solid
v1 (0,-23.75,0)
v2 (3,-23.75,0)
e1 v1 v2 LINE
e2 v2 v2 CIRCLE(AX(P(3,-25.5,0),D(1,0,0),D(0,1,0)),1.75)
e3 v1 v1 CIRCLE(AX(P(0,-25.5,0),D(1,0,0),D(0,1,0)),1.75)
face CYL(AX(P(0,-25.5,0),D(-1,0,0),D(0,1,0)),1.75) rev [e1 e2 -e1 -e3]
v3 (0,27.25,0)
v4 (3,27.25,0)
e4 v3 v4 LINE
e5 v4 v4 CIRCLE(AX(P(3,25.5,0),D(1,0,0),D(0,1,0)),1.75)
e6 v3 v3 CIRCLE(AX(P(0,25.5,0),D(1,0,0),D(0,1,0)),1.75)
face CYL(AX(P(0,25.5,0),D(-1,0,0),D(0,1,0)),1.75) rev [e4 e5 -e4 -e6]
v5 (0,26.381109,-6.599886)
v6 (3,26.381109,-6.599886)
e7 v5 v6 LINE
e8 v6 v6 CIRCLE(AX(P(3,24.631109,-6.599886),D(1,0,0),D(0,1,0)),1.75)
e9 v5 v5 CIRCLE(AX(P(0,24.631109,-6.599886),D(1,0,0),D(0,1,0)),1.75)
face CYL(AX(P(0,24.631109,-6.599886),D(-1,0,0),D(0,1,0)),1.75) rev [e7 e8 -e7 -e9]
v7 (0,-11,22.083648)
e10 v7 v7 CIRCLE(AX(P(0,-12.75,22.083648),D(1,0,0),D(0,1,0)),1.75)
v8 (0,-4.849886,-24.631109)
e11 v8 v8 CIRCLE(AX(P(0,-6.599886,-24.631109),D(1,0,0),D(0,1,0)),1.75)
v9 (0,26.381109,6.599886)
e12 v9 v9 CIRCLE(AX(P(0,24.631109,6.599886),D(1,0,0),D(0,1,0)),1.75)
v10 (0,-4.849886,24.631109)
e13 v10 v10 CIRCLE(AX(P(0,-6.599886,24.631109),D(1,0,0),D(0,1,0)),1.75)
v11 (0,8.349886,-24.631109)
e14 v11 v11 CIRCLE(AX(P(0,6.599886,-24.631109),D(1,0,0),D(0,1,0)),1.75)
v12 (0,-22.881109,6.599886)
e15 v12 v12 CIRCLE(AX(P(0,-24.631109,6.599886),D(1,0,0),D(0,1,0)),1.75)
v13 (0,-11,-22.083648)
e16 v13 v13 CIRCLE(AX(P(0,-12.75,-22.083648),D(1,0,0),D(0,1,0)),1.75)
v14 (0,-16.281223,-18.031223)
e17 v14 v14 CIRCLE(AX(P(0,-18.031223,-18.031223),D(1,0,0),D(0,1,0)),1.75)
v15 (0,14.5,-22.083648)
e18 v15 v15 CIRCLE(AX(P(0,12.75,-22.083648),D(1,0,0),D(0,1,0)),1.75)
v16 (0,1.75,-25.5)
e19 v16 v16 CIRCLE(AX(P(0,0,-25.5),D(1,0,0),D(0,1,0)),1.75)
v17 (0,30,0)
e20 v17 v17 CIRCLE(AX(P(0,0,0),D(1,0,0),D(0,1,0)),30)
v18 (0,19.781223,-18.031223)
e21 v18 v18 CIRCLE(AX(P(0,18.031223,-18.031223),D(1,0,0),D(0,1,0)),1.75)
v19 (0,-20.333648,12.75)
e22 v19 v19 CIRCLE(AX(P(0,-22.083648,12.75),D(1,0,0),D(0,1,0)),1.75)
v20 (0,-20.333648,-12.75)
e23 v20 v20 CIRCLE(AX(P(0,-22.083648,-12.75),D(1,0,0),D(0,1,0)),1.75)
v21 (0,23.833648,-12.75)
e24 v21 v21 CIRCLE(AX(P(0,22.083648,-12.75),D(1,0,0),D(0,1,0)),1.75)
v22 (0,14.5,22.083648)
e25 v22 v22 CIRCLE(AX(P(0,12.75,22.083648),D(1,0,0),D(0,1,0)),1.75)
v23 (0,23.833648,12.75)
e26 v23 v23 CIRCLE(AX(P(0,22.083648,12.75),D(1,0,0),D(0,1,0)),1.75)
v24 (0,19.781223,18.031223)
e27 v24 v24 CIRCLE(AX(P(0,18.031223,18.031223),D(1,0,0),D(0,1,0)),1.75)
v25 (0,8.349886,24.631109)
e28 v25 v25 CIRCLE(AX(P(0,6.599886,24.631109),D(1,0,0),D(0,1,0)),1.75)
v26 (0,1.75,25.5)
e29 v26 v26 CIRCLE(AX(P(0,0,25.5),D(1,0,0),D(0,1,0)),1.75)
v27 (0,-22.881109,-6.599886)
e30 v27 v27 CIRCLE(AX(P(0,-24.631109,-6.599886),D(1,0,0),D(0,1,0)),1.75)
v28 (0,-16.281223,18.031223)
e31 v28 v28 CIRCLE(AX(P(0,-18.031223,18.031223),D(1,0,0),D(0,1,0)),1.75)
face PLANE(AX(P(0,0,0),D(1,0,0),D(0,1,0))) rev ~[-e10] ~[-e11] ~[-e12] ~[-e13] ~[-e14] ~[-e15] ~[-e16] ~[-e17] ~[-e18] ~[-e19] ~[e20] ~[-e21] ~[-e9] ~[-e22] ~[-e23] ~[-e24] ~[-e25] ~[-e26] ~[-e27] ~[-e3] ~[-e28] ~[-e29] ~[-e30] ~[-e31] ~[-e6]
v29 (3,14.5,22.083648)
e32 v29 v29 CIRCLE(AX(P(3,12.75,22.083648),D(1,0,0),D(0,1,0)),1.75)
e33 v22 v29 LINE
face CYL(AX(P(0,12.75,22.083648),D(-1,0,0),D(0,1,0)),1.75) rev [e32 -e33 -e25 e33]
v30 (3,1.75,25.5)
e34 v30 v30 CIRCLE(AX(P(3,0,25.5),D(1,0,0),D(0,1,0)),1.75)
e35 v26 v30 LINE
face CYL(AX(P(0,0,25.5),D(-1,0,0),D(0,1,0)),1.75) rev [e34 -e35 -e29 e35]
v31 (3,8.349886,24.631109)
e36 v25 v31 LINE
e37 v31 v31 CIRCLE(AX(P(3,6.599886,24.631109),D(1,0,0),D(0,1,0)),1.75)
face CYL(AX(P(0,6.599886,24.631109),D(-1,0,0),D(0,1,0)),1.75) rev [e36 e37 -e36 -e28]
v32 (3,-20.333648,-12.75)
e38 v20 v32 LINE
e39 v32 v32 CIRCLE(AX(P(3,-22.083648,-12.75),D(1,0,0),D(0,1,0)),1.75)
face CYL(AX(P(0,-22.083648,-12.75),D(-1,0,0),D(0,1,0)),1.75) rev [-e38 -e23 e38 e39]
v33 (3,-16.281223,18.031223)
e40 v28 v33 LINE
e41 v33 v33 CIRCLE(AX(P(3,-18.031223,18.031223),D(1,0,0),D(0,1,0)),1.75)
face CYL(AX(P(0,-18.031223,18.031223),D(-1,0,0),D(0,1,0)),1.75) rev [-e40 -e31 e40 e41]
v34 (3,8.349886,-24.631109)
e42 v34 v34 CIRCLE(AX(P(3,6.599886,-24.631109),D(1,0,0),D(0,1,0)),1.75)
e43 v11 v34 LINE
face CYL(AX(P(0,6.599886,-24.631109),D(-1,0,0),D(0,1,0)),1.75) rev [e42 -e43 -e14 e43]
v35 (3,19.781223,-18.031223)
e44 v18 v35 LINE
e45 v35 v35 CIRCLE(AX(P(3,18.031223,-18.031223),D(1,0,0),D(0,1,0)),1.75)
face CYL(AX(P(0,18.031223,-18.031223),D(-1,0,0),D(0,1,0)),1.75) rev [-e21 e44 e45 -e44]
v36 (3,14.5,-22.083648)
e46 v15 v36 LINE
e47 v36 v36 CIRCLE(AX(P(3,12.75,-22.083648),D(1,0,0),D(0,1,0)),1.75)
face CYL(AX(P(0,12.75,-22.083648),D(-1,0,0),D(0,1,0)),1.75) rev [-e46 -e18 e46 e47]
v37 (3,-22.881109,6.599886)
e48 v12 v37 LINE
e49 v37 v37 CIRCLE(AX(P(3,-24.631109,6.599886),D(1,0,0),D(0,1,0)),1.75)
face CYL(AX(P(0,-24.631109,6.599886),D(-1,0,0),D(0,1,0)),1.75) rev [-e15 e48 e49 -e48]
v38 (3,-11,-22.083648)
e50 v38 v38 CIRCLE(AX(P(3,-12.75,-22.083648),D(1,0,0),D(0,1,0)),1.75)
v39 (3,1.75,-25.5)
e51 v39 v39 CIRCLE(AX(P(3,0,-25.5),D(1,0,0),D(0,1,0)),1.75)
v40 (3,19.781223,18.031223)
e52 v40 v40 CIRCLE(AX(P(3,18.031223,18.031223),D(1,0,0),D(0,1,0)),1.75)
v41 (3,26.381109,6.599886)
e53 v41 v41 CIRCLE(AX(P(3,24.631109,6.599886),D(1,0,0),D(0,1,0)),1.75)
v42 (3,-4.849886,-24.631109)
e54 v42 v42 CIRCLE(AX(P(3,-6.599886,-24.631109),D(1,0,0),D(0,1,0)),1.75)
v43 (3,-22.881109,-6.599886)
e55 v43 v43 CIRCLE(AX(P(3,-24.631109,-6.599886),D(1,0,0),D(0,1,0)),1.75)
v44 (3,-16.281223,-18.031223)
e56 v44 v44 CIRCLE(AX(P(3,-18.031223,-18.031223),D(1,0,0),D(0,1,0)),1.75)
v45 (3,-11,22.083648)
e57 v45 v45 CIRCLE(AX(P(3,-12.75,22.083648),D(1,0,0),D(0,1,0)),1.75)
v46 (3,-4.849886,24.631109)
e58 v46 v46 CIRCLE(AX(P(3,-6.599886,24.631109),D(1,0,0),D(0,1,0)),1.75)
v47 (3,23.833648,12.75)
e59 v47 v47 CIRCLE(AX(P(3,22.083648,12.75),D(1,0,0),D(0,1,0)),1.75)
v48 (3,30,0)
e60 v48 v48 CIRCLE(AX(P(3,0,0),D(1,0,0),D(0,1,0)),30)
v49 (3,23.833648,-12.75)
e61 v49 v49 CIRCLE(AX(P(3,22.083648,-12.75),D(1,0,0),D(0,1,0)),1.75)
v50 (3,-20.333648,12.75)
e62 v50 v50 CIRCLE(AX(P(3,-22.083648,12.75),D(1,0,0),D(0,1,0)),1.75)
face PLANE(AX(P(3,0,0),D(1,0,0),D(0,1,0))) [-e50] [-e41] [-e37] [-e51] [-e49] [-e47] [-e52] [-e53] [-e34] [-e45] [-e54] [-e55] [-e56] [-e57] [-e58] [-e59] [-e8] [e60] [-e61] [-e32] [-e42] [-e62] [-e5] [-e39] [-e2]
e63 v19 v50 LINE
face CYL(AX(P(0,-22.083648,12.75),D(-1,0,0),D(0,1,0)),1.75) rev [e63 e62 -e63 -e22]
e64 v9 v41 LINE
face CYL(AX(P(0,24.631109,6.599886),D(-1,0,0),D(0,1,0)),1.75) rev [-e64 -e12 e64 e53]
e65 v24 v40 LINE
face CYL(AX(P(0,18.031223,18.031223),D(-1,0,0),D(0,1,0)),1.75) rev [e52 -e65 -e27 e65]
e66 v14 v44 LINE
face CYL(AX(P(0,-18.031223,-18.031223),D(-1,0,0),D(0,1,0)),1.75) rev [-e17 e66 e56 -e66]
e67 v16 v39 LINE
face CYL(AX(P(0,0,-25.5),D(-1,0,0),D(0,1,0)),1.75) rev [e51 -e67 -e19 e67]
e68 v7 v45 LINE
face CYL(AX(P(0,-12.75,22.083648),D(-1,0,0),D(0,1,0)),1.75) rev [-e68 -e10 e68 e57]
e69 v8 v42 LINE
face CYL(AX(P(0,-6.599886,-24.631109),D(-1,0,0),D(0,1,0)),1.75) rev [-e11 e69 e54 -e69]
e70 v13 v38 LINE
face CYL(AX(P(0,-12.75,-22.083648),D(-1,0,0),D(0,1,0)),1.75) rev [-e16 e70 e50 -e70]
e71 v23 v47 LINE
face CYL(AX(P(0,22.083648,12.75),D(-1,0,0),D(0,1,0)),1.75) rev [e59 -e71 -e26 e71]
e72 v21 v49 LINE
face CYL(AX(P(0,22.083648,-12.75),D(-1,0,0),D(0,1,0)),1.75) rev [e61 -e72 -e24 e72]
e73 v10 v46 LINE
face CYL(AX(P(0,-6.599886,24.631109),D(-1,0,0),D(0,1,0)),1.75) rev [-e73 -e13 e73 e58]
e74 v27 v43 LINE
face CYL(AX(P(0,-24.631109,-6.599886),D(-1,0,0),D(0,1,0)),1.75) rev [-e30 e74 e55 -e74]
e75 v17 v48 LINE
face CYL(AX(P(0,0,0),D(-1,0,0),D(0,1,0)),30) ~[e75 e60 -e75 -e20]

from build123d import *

# Parameters (mm, degrees)
F0_R     = 30
F0_R_2   = 1.75
F1_DEPTH = 3


with BuildPart() as f1:
    # F0 (on Right) → F1 (new body)
    with BuildSketch(Plane.YZ):
        Circle(F0_R)
        with Locations((-18.031223, -18.031223)):
            Circle(F0_R_2, mode=Mode.SUBTRACT)
        with Locations((-6.599886, -24.631109)):
            Circle(F0_R_2, mode=Mode.SUBTRACT)
        with Locations((-12.75, -22.083648)):
            Circle(F0_R_2, mode=Mode.SUBTRACT)
        with Locations((-22.083648, -12.75)):
            Circle(F0_R_2, mode=Mode.SUBTRACT)
        with Locations((-24.631109, -6.599886)):
            Circle(F0_R_2, mode=Mode.SUBTRACT)
        with Locations((0, -25.5)):
            Circle(F0_R_2, mode=Mode.SUBTRACT)
        with Locations((6.599886, -24.631109)):
            Circle(F0_R_2, mode=Mode.SUBTRACT)
        with Locations((12.75, -22.083648)):
            Circle(F0_R_2, mode=Mode.SUBTRACT)
        with Locations((18.031223, -18.031223)):
            Circle(F0_R_2, mode=Mode.SUBTRACT)
        with Locations((22.083648, -12.75)):
            Circle(F0_R_2, mode=Mode.SUBTRACT)
        with Locations((24.631109, -6.599886)):
            Circle(F0_R_2, mode=Mode.SUBTRACT)
        with Locations((-25.5, 0)):
            Circle(F0_R_2, mode=Mode.SUBTRACT)
        with Locations((-24.631109, 6.599886)):
            Circle(F0_R_2, mode=Mode.SUBTRACT)
        with Locations((-22.083648, 12.75)):
            Circle(F0_R_2, mode=Mode.SUBTRACT)
        with Locations((-18.031223, 18.031223)):
            Circle(F0_R_2, mode=Mode.SUBTRACT)
        with Locations((-12.75, 22.083648)):
            Circle(F0_R_2, mode=Mode.SUBTRACT)
        with Locations((-6.599886, 24.631109)):
            Circle(F0_R_2, mode=Mode.SUBTRACT)
        with Locations((25.5, 0)):
            Circle(F0_R_2, mode=Mode.SUBTRACT)
        with Locations((24.631109, 6.599886)):
            Circle(F0_R_2, mode=Mode.SUBTRACT)
        with Locations((22.083648, 12.75)):
            Circle(F0_R_2, mode=Mode.SUBTRACT)
        with Locations((12.75, 22.083648)):
            Circle(F0_R_2, mode=Mode.SUBTRACT)
        with Locations((0, 25.5)):
            Circle(F0_R_2, mode=Mode.SUBTRACT)
        with Locations((6.599886, 24.631109)):
            Circle(F0_R_2, mode=Mode.SUBTRACT)
        with Locations((18.031223, 18.031223)):
            Circle(F0_R_2, mode=Mode.SUBTRACT)
    extrude(amount=F1_DEPTH)


solid = f1.part
